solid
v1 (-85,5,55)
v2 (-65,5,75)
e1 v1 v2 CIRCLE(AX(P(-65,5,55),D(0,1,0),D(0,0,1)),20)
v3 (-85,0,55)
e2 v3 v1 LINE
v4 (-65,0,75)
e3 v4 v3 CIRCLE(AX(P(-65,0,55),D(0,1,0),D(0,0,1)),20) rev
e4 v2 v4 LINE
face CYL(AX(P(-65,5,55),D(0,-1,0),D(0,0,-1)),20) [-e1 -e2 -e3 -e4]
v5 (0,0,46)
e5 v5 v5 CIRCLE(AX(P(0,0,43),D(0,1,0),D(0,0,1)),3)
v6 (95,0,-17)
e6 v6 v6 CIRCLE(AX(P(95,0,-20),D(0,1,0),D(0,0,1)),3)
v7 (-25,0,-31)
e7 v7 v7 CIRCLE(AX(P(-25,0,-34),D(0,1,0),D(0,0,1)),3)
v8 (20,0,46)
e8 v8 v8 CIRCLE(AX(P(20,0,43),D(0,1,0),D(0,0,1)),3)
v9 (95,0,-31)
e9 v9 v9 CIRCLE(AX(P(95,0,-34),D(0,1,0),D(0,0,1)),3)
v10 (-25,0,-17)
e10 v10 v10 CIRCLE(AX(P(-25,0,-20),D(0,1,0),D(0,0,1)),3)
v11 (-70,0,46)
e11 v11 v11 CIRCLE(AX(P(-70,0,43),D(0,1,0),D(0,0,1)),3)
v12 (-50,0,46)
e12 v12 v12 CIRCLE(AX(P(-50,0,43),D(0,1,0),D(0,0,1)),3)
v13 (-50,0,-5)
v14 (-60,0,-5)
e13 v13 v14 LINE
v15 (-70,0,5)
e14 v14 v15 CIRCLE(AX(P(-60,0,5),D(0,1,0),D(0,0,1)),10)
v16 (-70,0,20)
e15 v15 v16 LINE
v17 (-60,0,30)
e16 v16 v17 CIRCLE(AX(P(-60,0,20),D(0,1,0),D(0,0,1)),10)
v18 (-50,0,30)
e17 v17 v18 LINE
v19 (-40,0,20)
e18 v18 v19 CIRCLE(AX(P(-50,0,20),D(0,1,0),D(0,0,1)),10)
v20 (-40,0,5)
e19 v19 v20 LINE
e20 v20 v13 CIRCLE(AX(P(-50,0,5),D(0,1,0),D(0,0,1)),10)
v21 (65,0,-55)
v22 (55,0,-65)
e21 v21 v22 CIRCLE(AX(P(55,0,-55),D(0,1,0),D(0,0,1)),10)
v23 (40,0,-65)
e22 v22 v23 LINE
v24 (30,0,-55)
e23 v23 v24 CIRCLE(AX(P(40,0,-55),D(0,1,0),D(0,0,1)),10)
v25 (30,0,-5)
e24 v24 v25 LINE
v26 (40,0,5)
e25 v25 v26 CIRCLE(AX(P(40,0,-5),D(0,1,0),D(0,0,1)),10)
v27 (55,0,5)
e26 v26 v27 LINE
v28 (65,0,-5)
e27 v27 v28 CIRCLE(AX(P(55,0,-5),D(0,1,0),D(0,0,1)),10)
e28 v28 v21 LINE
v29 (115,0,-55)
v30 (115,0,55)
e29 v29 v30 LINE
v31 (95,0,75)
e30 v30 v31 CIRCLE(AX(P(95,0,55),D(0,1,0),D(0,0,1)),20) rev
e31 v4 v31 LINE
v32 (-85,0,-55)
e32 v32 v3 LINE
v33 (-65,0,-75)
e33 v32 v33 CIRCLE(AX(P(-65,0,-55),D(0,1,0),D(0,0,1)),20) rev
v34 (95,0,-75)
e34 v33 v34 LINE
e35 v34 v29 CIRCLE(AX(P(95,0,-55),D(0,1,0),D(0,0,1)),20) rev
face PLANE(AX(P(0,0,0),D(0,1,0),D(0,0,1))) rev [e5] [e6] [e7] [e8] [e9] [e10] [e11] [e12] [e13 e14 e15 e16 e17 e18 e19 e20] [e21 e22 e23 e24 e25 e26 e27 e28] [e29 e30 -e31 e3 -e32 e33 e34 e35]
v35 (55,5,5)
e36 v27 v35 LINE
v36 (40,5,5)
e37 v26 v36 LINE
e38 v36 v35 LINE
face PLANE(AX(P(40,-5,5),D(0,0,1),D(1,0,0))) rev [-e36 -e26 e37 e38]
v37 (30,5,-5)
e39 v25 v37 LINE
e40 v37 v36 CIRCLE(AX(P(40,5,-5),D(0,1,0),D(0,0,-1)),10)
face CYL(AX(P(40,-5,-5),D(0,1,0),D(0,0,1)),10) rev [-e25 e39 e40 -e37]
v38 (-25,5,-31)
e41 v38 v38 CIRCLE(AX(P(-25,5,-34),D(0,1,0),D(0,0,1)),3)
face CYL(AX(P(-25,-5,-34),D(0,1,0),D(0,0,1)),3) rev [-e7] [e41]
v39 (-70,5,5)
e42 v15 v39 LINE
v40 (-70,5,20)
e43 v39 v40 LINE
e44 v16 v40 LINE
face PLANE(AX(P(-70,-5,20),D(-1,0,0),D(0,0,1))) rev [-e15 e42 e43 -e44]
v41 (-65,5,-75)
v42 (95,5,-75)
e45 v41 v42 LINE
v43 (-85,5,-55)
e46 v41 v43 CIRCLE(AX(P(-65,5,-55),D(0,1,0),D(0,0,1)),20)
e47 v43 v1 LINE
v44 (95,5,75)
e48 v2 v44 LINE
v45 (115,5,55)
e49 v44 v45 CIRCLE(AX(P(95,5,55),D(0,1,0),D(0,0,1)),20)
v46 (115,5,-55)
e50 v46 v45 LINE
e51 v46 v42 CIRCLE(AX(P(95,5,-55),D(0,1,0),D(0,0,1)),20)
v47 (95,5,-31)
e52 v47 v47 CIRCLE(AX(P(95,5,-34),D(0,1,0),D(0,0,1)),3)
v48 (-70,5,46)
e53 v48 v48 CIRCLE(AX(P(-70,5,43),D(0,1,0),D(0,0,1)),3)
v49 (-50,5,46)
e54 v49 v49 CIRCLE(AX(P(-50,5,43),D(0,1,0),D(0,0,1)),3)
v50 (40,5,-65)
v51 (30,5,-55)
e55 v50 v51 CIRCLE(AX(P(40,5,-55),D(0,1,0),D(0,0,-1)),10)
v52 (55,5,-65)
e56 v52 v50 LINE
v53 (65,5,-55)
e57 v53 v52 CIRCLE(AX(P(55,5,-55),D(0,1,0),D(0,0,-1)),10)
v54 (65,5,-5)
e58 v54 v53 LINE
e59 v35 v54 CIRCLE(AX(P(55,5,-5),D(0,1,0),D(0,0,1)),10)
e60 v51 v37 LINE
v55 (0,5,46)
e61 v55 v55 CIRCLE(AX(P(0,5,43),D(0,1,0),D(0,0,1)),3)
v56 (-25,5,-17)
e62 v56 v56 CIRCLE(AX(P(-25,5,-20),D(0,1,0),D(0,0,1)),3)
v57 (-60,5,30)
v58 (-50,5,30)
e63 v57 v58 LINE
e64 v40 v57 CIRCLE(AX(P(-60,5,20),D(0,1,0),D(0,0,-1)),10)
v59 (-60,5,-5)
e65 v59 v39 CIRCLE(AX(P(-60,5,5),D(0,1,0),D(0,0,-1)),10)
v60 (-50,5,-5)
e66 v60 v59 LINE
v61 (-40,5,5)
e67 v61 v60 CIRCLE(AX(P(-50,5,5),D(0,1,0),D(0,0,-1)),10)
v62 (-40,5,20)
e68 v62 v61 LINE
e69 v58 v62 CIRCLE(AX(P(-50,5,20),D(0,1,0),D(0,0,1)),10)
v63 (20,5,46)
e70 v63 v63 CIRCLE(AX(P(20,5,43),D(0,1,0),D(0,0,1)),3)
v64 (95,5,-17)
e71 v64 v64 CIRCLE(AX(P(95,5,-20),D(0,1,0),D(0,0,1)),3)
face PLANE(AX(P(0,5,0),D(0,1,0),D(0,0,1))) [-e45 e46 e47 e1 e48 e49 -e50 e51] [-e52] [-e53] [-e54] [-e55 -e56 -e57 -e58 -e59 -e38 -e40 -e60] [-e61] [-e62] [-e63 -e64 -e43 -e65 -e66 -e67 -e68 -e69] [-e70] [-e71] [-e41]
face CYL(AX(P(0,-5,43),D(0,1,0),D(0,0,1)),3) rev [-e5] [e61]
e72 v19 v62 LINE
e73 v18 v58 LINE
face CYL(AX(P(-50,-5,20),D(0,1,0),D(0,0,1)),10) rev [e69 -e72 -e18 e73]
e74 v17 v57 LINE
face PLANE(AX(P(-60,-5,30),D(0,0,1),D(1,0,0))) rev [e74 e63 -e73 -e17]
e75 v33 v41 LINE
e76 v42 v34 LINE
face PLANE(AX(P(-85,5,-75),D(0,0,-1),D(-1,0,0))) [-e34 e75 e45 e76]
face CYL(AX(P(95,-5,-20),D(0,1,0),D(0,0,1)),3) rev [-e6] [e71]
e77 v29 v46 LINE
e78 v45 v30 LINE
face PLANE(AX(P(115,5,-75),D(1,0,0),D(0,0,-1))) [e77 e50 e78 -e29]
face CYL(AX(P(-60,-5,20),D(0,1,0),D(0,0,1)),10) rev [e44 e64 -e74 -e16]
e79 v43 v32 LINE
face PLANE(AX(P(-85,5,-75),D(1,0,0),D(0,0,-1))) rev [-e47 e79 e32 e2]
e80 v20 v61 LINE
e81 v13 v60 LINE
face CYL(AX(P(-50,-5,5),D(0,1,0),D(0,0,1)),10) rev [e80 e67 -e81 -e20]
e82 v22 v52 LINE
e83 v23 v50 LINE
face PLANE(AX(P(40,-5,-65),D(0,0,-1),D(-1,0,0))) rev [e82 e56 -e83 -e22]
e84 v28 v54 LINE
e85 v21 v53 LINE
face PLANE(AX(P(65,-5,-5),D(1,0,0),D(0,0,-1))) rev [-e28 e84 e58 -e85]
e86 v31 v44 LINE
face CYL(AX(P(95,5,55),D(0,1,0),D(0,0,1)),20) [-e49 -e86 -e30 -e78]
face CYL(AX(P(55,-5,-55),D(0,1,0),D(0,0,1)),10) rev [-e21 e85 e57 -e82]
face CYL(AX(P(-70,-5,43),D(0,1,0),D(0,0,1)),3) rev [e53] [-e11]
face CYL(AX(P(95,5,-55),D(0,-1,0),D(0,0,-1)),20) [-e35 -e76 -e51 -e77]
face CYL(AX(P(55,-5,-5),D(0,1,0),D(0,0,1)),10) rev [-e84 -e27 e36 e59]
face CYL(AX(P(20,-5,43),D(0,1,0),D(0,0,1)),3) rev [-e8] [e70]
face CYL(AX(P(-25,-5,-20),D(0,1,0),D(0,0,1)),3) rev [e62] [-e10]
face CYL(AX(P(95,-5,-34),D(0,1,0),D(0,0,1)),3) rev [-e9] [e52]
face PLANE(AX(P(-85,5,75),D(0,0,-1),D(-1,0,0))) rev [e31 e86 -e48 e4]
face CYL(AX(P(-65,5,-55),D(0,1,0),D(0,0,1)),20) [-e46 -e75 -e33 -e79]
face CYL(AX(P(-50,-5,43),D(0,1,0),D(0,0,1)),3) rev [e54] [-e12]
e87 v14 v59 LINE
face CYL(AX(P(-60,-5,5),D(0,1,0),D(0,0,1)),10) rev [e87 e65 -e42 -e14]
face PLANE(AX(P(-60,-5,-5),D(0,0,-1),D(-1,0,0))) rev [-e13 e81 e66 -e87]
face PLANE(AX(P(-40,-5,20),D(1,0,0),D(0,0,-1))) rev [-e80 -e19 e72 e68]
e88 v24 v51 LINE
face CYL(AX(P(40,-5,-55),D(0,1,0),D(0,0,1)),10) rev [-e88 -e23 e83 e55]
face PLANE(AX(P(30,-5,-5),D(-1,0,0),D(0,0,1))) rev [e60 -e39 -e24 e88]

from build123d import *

# Parameters (mm, degrees)
SKETCH1_W           = 200
SKETCH1_H           = 150
BOSS_EXTRUDE1_DEPTH = 5
SKETCH3_R           = 3
CUT_EXTRUDE2_DEPTH  = 10
FILLET1_R           = 20


with BuildPart() as part:
    # Sketch1 → Boss-Extrude1 (new body)
    with BuildSketch(Plane(origin=(0, 0, 0), x_dir=(1, 0, 0), z_dir=(0, 1, 0))):
        with Locations((15, 0)):
            Rectangle(SKETCH1_W, SKETCH1_H)
    extrude(amount=BOSS_EXTRUDE1_DEPTH)

    # Sketch3 → Cut-Extrude2 (cut)
    with BuildSketch(Plane(origin=(0, 5, 0), x_dir=(1, 0, 0), z_dir=(0, 1, 0))):
        with Locations(Location((-70, -43, 0), (0, 0, 270))):
            Circle(SKETCH3_R)
        with Locations(Location((-50, -43, 0), (0, 0, 270))):
            Circle(SKETCH3_R)
        with Locations(Location((0, -43, 0), (0, 0, 270))):
            Circle(SKETCH3_R)
        with Locations(Location((20, -43, 0), (0, 0, 270))):
            Circle(SKETCH3_R)
        with Locations(Location((-25, 20, 0), (0, 0, 270))):
            Circle(SKETCH3_R)
        with Locations(Location((-25, 34, 0), (0, 0, 270))):
            Circle(SKETCH3_R)
        with Locations(Location((95, 20, 0), (0, 0, 270))):
            Circle(SKETCH3_R)
        with Locations(Location((95, 34, 0), (0, 0, 270))):
            Circle(SKETCH3_R)
        with BuildLine():
            Line((40, -5), (55, -5))
            ThreePointArc((55, -5), (62.071067812, -2.071067812), (65, 5))
            Line((65, 5), (65, 55))
            ThreePointArc((65, 55), (62.071067812, 62.071067812), (55, 65))
            Line((55, 65), (40, 65))
            ThreePointArc((40, 65), (32.928932188, 62.071067812), (30, 55))
            Line((30, 55), (30, 5))
            ThreePointArc((30, 5), (32.928932188, -2.071067812), (40, -5))
        make_face()
        with BuildLine():
            Line((-60, -30), (-50, -30))
            ThreePointArc((-50, -30), (-42.928932188, -27.071067812), (-40, -20))
            Line((-40, -20), (-40, -5))
            ThreePointArc((-40, -5), (-42.928932188, 2.071067812), (-50, 5))
            Line((-50, 5), (-60, 5))
            ThreePointArc((-60, 5), (-67.071067812, 2.071067812), (-70, -5))
            Line((-70, -5), (-70, -20))
            ThreePointArc((-70, -20), (-67.071067812, -27.071067812), (-60, -30))
        make_face()
    extrude(amount=-CUT_EXTRUDE2_DEPTH, mode=Mode.SUBTRACT)

    # Fillet1
    fillet1_edges = [part.edges().sort_by_distance(p)[0] for p in [
        (-85, 2.5, -75),
        (115, 2.5, -75),
        (115, 2.5, 75),
        (-85, 2.5, 75),
    ]]
    fillet(fillet1_edges, radius=FILLET1_R)


solid = part.part
